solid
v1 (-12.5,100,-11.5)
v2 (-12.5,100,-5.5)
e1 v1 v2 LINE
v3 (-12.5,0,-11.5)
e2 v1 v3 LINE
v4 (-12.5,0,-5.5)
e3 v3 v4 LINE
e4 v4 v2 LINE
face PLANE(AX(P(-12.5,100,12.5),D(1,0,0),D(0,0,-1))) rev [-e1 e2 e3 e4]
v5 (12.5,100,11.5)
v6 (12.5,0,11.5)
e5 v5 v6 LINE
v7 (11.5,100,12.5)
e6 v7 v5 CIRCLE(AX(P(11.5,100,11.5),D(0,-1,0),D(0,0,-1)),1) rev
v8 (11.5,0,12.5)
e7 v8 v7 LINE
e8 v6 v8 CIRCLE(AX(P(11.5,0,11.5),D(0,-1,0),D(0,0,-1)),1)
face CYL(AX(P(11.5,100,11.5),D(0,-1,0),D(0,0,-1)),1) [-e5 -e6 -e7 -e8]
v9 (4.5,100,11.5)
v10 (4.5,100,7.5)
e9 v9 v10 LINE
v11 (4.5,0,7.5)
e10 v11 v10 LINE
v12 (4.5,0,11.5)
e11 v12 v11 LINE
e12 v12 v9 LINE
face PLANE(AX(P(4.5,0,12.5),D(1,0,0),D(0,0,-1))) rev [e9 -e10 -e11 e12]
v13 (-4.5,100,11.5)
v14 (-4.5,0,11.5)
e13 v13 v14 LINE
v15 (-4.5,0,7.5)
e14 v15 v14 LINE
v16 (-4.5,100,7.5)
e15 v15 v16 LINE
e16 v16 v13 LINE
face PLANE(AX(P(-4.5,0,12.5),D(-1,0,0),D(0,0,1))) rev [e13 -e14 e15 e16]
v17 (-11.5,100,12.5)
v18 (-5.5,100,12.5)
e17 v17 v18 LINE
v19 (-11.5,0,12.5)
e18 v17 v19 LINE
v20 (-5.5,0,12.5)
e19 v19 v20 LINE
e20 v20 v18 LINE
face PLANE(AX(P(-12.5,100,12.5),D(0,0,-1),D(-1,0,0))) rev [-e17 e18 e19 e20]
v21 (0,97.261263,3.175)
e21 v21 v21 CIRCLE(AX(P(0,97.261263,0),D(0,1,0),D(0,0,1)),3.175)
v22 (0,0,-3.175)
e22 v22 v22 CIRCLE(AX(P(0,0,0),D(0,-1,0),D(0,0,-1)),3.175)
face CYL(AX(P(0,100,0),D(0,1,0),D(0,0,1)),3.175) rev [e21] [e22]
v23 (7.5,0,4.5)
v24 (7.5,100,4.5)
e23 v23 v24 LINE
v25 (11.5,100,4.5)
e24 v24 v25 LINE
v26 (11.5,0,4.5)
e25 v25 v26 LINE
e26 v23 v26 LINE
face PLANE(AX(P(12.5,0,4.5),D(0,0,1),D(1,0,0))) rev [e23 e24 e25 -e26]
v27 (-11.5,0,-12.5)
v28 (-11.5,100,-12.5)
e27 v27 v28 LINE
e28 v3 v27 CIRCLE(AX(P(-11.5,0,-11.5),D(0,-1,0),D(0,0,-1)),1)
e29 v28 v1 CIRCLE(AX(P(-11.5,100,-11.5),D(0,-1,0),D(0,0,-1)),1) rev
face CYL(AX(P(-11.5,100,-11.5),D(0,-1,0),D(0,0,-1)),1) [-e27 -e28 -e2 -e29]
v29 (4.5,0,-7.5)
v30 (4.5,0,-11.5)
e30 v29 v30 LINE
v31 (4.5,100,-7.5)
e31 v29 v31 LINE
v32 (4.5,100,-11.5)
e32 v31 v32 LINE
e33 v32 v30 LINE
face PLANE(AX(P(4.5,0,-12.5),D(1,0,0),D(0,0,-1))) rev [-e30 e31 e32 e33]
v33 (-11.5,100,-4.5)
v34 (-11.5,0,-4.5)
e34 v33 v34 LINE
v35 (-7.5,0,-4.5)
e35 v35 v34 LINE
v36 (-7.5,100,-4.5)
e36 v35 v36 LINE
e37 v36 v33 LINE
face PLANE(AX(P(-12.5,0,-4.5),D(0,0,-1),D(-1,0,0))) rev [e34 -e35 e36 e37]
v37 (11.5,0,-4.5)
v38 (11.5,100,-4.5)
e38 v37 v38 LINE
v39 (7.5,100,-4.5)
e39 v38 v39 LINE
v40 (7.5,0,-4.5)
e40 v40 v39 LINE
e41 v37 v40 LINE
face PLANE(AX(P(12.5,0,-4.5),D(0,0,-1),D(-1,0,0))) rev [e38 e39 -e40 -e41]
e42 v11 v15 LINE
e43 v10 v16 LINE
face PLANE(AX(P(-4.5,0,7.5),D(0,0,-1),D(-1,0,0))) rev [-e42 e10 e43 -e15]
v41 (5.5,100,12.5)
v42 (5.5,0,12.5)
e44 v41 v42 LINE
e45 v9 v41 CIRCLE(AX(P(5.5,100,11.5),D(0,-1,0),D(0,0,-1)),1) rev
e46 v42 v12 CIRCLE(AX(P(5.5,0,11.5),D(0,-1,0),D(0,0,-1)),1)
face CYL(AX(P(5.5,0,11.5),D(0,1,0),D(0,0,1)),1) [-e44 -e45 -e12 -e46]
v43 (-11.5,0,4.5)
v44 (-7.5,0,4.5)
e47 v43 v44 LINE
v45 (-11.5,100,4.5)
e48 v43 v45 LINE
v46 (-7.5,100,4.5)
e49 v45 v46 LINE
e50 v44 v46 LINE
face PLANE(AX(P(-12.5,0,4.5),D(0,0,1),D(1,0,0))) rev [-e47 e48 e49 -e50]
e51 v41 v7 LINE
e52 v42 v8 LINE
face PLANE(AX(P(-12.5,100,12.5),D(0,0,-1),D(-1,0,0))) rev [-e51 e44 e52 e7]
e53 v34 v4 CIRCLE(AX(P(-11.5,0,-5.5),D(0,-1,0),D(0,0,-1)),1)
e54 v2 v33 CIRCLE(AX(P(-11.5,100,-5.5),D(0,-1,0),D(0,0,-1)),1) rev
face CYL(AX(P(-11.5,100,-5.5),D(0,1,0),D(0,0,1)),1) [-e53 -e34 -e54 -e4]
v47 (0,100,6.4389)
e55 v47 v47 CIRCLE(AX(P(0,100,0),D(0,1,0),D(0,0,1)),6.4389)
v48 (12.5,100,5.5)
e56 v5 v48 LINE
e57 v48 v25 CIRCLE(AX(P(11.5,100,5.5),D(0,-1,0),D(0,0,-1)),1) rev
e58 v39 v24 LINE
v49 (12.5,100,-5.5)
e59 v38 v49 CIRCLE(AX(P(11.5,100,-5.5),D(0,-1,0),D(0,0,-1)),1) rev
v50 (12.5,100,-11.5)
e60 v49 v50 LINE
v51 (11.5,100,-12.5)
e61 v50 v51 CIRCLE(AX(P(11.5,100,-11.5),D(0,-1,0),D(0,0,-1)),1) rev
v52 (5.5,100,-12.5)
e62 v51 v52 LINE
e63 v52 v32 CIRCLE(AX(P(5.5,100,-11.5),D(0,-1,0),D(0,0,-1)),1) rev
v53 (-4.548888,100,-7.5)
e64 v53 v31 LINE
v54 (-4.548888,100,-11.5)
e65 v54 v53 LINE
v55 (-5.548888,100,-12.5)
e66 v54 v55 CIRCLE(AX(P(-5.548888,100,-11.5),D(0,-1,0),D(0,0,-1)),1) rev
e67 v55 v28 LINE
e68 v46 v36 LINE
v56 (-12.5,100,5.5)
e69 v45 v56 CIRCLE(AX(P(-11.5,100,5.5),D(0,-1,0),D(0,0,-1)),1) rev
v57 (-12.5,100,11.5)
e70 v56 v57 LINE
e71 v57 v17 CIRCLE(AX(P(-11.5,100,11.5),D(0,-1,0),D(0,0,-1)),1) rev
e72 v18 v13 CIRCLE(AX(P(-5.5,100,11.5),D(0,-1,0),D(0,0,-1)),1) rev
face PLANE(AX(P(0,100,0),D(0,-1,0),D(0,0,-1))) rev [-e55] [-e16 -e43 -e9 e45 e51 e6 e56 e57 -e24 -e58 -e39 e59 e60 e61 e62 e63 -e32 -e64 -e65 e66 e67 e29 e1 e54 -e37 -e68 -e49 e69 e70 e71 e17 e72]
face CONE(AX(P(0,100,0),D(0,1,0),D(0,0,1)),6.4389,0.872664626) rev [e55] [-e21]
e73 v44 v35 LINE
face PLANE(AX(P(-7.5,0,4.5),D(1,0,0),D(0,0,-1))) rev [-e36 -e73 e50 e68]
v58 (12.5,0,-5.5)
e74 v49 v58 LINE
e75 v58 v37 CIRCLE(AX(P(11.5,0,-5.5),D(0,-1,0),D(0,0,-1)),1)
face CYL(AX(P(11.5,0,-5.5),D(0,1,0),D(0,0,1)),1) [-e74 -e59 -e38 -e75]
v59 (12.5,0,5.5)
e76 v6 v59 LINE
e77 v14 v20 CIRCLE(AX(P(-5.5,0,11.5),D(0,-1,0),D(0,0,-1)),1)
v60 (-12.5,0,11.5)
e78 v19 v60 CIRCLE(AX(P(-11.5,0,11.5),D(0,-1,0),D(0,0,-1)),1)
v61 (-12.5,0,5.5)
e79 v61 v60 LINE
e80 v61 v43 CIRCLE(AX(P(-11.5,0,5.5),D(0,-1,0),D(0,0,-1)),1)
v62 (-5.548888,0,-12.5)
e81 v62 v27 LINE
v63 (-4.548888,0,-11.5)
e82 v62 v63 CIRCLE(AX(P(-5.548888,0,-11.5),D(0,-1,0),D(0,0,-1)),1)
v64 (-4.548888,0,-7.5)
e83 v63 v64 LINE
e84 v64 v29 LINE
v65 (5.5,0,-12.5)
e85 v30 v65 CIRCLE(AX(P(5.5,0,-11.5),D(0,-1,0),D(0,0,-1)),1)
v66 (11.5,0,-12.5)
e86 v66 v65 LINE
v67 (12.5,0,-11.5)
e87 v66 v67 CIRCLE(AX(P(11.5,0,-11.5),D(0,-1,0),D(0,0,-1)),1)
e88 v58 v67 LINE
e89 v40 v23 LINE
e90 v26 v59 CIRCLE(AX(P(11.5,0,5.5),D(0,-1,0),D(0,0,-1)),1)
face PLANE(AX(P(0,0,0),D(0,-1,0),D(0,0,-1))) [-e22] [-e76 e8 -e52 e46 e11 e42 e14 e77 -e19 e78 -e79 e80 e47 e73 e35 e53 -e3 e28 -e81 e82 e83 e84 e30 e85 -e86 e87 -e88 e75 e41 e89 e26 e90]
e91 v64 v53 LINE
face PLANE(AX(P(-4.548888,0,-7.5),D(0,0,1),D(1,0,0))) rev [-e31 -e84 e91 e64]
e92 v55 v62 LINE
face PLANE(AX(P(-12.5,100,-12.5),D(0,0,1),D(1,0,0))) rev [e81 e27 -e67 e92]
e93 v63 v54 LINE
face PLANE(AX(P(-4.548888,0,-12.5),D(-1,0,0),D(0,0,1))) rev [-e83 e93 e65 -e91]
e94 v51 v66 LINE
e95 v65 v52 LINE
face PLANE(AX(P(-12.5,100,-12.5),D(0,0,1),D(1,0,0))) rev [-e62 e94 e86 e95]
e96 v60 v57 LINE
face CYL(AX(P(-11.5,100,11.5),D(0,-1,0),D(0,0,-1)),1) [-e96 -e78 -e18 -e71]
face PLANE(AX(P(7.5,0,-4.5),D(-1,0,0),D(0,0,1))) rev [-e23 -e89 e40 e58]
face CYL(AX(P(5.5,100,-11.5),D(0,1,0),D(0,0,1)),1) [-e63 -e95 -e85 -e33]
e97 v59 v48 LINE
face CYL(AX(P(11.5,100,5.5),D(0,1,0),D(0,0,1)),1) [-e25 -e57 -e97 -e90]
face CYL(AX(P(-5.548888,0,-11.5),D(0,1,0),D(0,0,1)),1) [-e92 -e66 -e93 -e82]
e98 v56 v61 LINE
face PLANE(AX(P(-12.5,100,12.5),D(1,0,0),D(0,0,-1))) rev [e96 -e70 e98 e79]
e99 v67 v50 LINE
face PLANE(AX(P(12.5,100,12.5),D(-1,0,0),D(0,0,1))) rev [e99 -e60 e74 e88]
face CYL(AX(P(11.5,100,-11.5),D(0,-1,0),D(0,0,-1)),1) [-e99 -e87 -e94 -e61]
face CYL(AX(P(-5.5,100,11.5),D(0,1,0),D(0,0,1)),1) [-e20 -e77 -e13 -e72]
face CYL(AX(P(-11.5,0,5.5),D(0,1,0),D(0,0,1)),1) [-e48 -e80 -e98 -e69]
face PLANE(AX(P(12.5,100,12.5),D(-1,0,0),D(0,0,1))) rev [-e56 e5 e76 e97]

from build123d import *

# Parameters (mm, degrees)
SKETCH1_W                             = 25
SKETCH1_H                             = 25
BOSS_EXTRUDE1_DEPTH                   = 100
SKETCH2_W                             = 5
SKETCH2_H                             = 9
SKETCH2_W_2                           = 9
SKETCH2_H_2                           = 5
SKETCH2_W_3                           = 9.048888394
CUT_EXTRUDE1_DEPTH                    = 100
FILLET1_R                             = 1
F_1_4_0_25_DIAMETER_HOLE1_D           = 6.35
F_1_4_0_25_DIAMETER_HOLE1_CSINK_D     = 12.8778
F_1_4_0_25_DIAMETER_HOLE1_CSINK_ANGLE = 100


with BuildPart() as part:
    # Sketch1 → Boss-Extrude1 (new body)
    with BuildSketch(Plane(origin=(0, 0, 0), x_dir=(1, 0, 0), z_dir=(0, 1, 0))):
        Rectangle(SKETCH1_W, SKETCH1_H)
    extrude(amount=BOSS_EXTRUDE1_DEPTH)

    # Sketch2 → Cut-Extrude1 (cut)
    with BuildSketch(Plane(origin=(0, 100, 0), x_dir=(1, 0, 0), z_dir=(0, 1, 0))):
        with Locations((-10, 0)):
            Rectangle(SKETCH2_W, SKETCH2_H)
        with Locations((0, -10)):
            Rectangle(SKETCH2_W_2, SKETCH2_H_2)
        with Locations((-0.024444197, 10)):
            Rectangle(SKETCH2_W_3, SKETCH2_H_2)
        with Locations((10, 0)):
            Rectangle(SKETCH2_W, SKETCH2_H)
    extrude(amount=-CUT_EXTRUDE1_DEPTH, mode=Mode.SUBTRACT)

    # Fillet1
    fillet1_edges = [part.edges().sort_by_distance(p)[0] for p in [
        (-12.5, 50, 4.5),
        (-12.5, 50, -4.5),
        (-4.548888394, 50, -12.5),
        (4.5, 50, -12.5),
        (-4.5, 50, 12.5),
        (4.5, 50, 12.5),
        (12.5, 50, -4.5),
        (12.5, 50, 4.5),
        (12.5, 50, 12.5),
        (-12.5, 50, 12.5),
        (-12.5, 50, -12.5),
        (12.5, 50, -12.5),
    ]]
    fillet(fillet1_edges, radius=FILLET1_R)

    # 1/4 (0.25) Diameter Hole1 (through all)
    with Locations(Plane(origin=(0, 100, 0), x_dir=(1, 0, 0), z_dir=(0, 1, 0))):
        with Locations((0, 0)):
            CounterSinkHole(F_1_4_0_25_DIAMETER_HOLE1_D / 2, F_1_4_0_25_DIAMETER_HOLE1_CSINK_D / 2, counter_sink_angle=F_1_4_0_25_DIAMETER_HOLE1_CSINK_ANGLE)


solid = part.part
